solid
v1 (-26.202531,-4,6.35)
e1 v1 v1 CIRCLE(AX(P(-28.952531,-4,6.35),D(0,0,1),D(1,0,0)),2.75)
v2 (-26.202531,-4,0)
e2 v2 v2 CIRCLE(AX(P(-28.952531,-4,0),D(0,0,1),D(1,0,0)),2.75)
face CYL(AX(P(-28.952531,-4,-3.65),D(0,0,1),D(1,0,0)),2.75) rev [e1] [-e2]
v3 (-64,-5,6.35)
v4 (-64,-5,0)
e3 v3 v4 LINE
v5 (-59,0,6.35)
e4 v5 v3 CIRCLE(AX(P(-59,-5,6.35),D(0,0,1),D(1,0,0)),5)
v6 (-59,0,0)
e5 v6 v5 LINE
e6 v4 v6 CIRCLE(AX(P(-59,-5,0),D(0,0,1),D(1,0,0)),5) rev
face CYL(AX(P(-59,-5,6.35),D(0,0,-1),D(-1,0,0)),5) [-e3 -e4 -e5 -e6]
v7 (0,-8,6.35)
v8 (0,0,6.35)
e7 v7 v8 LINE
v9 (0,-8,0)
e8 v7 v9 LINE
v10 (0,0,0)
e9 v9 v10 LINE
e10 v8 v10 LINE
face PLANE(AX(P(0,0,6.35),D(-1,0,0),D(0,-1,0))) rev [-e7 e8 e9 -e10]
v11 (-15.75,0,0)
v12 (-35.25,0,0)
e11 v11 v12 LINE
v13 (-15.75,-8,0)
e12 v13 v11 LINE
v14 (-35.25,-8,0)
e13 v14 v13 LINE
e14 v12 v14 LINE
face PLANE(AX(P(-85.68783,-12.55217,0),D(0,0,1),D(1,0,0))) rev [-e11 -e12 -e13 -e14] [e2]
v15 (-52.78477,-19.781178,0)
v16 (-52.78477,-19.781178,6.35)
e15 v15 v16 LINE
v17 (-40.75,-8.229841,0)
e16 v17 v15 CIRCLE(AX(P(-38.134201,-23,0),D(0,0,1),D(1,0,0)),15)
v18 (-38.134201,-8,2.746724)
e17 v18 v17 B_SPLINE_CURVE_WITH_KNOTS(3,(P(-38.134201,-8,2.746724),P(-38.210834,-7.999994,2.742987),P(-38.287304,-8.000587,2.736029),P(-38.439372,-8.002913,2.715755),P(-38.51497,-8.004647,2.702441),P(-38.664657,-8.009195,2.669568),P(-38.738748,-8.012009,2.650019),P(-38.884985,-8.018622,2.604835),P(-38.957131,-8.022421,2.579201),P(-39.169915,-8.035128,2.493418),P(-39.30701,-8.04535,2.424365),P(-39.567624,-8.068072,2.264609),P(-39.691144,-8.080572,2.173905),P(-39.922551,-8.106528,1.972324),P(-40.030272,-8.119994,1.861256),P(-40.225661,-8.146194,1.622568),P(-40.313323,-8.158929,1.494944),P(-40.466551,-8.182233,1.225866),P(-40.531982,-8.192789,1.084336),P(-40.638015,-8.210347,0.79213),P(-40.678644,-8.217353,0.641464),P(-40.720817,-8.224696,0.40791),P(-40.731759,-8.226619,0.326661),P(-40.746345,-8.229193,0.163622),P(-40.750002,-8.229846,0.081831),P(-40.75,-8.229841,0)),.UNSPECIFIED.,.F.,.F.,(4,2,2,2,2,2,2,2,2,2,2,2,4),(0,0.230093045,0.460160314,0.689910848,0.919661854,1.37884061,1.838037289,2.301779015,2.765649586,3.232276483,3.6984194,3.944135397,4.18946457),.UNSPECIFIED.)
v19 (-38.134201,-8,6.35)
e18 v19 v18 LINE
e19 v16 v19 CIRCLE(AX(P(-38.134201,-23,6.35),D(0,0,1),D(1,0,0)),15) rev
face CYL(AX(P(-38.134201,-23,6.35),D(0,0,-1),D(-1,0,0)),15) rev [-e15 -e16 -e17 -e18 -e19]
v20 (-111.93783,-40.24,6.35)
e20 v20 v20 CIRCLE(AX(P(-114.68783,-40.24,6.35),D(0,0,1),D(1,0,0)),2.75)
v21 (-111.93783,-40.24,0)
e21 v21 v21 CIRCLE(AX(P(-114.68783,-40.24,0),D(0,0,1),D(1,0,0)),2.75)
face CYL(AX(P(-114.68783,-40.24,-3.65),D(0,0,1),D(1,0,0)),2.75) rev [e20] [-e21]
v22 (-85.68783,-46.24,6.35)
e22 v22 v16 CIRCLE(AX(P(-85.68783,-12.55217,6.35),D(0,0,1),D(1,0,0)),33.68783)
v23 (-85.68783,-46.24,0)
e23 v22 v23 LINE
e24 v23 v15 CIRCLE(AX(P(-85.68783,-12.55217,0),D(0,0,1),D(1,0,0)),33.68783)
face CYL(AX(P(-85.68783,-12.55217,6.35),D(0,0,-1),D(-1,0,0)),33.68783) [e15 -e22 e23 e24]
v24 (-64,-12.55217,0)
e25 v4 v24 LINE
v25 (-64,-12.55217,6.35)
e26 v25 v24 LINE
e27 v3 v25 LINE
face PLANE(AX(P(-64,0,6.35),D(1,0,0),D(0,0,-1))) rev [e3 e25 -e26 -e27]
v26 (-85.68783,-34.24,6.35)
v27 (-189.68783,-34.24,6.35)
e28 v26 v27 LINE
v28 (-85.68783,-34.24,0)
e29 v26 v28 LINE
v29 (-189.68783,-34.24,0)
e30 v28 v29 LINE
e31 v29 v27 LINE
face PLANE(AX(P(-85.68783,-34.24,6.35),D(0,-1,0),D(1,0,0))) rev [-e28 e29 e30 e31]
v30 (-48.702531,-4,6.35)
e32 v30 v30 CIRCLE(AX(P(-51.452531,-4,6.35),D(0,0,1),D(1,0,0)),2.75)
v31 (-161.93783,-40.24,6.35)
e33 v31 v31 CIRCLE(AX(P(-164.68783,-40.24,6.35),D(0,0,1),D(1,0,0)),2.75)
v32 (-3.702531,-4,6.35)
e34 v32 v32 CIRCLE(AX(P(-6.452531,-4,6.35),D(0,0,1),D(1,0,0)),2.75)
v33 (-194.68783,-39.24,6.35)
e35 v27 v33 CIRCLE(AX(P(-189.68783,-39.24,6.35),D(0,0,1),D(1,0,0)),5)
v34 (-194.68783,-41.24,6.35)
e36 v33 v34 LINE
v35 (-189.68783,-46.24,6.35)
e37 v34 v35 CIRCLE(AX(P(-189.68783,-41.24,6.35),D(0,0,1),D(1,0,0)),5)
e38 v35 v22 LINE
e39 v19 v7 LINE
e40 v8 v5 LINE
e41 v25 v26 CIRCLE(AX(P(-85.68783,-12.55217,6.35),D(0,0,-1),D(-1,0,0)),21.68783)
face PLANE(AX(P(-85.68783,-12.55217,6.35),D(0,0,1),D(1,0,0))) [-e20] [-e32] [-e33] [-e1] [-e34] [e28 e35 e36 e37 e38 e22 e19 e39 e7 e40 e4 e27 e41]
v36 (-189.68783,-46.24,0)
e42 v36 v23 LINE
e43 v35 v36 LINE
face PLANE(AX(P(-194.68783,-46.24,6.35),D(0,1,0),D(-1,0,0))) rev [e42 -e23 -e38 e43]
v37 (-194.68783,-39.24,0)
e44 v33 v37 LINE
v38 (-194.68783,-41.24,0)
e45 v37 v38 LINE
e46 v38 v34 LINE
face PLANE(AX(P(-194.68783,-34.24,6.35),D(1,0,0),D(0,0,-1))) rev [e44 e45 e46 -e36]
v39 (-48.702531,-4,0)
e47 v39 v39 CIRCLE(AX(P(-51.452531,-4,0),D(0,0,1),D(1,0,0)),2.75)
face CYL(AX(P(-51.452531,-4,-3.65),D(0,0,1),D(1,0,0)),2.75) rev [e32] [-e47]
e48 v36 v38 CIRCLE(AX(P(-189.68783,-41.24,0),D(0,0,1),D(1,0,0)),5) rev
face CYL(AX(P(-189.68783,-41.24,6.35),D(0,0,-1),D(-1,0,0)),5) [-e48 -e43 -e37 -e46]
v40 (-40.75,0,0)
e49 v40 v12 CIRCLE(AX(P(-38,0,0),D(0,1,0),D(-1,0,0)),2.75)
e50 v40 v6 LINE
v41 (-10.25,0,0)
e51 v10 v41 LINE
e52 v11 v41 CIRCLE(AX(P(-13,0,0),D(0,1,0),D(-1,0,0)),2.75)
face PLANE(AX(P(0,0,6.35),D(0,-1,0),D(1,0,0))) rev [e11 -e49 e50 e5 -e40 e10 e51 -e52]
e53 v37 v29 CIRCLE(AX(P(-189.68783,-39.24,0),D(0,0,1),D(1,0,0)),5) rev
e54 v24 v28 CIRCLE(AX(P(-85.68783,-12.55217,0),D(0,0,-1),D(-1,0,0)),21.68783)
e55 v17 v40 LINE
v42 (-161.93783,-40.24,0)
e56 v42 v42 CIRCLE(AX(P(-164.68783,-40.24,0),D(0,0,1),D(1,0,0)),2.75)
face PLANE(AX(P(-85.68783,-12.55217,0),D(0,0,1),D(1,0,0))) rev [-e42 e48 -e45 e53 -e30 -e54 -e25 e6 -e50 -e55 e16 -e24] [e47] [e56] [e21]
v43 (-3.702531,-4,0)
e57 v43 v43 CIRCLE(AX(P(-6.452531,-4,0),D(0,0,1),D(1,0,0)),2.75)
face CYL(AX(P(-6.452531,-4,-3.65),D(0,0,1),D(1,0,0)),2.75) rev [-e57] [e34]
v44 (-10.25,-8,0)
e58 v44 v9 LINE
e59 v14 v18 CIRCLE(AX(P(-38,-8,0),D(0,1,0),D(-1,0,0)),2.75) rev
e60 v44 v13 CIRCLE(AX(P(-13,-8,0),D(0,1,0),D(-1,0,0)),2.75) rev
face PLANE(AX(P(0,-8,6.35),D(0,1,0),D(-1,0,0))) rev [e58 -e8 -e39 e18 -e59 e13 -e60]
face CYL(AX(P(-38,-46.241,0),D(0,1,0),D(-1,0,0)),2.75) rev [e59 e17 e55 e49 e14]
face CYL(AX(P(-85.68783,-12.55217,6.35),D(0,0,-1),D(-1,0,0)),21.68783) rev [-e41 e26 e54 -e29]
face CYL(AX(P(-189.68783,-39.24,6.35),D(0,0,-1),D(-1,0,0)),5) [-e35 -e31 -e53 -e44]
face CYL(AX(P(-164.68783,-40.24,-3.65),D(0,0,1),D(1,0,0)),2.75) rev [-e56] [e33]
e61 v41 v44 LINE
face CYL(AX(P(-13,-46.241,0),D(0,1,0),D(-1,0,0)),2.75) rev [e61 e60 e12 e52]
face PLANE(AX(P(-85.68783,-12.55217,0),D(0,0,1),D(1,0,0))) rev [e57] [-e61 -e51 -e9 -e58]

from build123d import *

# Parameters (mm, degrees)
BOSS_EXTRUDE1_DEPTH = 6.35
FILLET1_R           = 5
FILLET2_R           = 15
SKETCH4_R           = 2.75
CUT_EXTRUDE2_DEPTH  = 10
CUT_EXTRUDE3_REACH  = 48.24
SKETCH3_R           = 2.75


with BuildPart() as part:
    # Sketch1 → Boss-Extrude1 (new body)
    with BuildSketch(Plane.XY):
        with BuildLine():
            Line((0, 0), (-64, 0))
            Line((-64, 0), (-64, -12.552169744))
            ThreePointArc((-64, -12.552169744), (-70.352218413, -27.887781587), (-85.687830256, -34.24))
            Line((-85.687830256, -34.24), (-194.687830256, -34.24))
            Line((-194.687830256, -34.24), (-194.687830256, -46.24))
            Line((-194.687830256, -46.24), (-85.687830256, -46.24))
            ThreePointArc((-85.687830256, -46.24), (-61.866937038, -36.373062962), (-52, -12.552169744))
            Line((-52, -12.552169744), (-52, -8))
            Line((-52, -8), (0, -8))
            Line((0, -8), (0, 0))
        make_face()
    extrude(amount=BOSS_EXTRUDE1_DEPTH)

    # Fillet1
    fillet1_edges = [part.edges().sort_by_distance(p)[0] for p in [
        (-194.687830256, -46.24, 3.175),
        (-194.687830256, -34.24, 3.175),
        (-64, 0, 3.175),
    ]]
    fillet(fillet1_edges, radius=FILLET1_R)

    # Fillet2
    fillet2_edges = [part.edges().sort_by_distance(p)[0] for p in [
        (-52, -8, 3.175),
    ]]
    fillet(fillet2_edges, radius=FILLET2_R)

    # Sketch4 → Cut-Extrude2 (cut)
    with BuildSketch(Plane.XY.offset(6.35)):
        with Locations((-164.687830256, -40.24)):
            Circle(SKETCH4_R)
        with Locations((-114.687830256, -40.24)):
            Circle(SKETCH4_R)
        with Locations((-6.452530622, -4)):
            Circle(SKETCH4_R)
        with Locations((-28.952530622, -4)):
            Circle(SKETCH4_R)
        with Locations((-51.452530622, -4)):
            Circle(SKETCH4_R)
    extrude(amount=-CUT_EXTRUDE2_DEPTH, mode=Mode.SUBTRACT)

    # Sketch3 → Cut-Extrude3 (cut, up to next)
    with BuildSketch(Plane(origin=(0, 0, 0), x_dir=(1, 0, 0), z_dir=(0, 1, 0)), mode=Mode.PRIVATE) as cut_extrude3_sk1:
        with Locations((-13, 0)):
            Circle(SKETCH3_R)
    cut_extrude3_tool1 = extrude(cut_extrude3_sk1.sketch, amount=-CUT_EXTRUDE3_REACH, mode=Mode.PRIVATE) & part.part
    add(cut_extrude3_tool1.solids().sort_by_distance((-13, 0, 0))[0], mode=Mode.SUBTRACT)
    # Sketch3 → Cut-Extrude3 (cut, up to next)
    with BuildSketch(Plane(origin=(0, 0, 0), x_dir=(1, 0, 0), z_dir=(0, 1, 0)), mode=Mode.PRIVATE) as cut_extrude3_sk2:
        with Locations((-38, 0)):
            Circle(SKETCH3_R)
    cut_extrude3_tool2 = extrude(cut_extrude3_sk2.sketch, amount=-CUT_EXTRUDE3_REACH, mode=Mode.PRIVATE) & part.part
    add(cut_extrude3_tool2.solids().sort_by_distance((-38, 0, 0))[0], mode=Mode.SUBTRACT)


solid = part.part
